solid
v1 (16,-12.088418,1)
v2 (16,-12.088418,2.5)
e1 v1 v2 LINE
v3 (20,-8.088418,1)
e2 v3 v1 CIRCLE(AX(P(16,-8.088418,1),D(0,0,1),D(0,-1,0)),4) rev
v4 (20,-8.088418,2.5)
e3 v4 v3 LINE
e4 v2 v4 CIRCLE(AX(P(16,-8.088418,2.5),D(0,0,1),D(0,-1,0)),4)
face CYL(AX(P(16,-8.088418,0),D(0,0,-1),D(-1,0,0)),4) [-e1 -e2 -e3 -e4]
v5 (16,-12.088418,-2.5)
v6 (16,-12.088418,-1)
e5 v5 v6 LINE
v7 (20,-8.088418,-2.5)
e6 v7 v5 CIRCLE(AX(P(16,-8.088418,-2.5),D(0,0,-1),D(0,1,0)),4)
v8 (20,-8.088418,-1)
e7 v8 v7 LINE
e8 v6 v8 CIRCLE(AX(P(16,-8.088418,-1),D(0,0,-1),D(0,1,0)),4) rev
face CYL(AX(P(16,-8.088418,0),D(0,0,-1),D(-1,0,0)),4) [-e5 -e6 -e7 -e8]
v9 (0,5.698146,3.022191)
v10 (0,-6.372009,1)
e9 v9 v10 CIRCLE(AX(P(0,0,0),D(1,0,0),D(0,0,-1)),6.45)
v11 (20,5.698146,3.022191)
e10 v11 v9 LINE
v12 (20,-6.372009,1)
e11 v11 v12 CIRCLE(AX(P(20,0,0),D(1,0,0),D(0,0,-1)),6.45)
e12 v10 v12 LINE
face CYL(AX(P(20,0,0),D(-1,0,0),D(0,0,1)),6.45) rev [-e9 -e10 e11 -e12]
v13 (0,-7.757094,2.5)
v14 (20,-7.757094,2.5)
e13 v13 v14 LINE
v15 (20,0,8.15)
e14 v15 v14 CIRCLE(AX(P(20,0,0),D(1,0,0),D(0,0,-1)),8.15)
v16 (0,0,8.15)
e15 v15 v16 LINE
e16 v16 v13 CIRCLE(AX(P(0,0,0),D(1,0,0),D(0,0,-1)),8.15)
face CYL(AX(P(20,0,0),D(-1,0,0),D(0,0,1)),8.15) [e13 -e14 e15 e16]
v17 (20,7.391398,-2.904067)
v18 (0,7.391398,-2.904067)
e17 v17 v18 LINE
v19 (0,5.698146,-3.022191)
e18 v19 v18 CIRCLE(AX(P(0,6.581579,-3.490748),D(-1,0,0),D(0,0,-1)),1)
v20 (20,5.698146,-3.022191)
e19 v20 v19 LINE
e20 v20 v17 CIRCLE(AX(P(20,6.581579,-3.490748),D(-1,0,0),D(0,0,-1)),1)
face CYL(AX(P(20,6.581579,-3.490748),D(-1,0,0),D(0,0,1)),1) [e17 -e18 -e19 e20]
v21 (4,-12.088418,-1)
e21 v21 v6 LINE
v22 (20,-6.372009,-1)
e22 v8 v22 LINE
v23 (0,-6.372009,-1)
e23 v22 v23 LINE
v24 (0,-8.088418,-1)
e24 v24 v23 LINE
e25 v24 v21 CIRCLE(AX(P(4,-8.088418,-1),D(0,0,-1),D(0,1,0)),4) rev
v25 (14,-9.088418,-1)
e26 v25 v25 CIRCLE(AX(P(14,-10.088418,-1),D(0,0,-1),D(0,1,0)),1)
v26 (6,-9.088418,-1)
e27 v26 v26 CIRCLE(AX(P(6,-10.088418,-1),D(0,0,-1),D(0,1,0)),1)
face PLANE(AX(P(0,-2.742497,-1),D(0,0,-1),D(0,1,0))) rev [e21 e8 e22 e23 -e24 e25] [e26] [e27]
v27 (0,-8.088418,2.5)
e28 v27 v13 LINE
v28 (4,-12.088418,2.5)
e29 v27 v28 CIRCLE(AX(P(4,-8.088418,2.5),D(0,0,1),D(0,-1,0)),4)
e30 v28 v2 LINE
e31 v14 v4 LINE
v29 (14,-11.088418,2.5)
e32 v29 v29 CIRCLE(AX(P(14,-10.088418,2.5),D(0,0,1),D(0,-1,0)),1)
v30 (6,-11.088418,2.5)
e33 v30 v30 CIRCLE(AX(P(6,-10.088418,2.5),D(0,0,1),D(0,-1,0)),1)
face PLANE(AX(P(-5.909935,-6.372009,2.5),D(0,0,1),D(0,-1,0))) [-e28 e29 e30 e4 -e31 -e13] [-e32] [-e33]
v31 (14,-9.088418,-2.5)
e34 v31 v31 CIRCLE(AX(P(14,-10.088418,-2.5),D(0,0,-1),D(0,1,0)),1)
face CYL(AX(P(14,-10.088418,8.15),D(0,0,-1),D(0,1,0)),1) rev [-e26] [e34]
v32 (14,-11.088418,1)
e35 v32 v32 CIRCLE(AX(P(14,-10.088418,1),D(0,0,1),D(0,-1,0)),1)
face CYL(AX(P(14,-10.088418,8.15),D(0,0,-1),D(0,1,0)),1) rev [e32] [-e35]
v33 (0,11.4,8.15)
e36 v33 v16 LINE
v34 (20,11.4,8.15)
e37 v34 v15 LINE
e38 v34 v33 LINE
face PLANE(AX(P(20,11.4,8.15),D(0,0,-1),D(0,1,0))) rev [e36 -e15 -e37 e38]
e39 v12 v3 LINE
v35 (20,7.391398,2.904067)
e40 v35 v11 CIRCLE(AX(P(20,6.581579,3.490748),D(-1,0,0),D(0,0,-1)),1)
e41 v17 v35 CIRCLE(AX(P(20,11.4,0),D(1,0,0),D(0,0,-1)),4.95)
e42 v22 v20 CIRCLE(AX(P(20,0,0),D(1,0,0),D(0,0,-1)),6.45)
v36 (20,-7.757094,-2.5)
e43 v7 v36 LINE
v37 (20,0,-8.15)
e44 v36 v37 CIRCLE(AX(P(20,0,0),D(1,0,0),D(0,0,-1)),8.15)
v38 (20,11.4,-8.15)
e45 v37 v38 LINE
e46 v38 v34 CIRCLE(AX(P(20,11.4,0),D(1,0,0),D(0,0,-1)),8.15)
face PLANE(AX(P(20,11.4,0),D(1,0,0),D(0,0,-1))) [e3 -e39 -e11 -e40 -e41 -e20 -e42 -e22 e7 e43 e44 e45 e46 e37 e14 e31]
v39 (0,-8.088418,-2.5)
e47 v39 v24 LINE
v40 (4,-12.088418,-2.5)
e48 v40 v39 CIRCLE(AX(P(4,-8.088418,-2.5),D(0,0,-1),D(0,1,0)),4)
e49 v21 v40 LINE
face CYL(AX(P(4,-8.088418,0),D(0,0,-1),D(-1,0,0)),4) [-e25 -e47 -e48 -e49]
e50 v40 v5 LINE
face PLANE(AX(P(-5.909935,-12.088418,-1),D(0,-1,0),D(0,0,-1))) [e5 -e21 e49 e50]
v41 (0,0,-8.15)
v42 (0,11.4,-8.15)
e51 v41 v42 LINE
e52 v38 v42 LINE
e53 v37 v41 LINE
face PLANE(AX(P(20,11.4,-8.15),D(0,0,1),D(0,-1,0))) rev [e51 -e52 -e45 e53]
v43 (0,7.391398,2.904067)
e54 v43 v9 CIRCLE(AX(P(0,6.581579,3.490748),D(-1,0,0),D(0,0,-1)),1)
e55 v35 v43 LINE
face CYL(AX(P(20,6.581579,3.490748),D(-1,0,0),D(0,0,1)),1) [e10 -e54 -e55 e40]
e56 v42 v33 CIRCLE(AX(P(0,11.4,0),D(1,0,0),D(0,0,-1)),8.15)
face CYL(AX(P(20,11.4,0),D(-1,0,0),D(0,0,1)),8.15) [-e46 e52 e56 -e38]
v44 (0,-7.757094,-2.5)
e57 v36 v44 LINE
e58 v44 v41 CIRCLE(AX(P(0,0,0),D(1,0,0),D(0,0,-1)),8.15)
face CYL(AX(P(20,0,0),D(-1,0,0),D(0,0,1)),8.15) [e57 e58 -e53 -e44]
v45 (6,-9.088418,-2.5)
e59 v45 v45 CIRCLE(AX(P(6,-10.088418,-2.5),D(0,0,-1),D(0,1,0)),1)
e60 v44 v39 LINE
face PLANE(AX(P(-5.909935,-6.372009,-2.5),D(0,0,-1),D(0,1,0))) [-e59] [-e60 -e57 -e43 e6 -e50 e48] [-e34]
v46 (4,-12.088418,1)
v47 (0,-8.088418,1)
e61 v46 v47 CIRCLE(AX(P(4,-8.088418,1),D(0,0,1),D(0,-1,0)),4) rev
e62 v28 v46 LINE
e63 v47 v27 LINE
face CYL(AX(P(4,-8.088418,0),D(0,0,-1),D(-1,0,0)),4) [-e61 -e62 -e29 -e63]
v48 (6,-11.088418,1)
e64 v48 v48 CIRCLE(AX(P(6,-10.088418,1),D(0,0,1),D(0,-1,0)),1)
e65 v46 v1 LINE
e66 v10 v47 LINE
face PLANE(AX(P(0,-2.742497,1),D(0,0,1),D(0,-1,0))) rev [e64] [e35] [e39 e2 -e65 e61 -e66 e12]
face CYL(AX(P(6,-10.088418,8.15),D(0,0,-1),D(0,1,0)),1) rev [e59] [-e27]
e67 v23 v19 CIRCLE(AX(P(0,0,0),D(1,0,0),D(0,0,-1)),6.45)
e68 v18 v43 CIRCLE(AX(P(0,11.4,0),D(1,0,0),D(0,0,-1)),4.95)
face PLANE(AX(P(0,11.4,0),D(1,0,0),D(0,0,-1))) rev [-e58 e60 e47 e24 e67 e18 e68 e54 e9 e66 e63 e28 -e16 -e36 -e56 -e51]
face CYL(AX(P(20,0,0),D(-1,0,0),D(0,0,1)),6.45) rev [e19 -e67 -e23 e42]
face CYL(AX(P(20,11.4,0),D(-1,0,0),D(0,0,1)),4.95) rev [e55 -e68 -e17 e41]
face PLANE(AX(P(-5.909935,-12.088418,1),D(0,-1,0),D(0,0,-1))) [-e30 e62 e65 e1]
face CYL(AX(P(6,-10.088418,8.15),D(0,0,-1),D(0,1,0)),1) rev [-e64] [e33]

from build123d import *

# Parameters (mm, degrees)
BOSS_EXTRUDE2_DEPTH = 20
SKETCH2_W           = 2
SKETCH2_H           = 9.242730417
CUT_EXTRUDE1_DEPTH  = 20
SKETCH3_W           = 1.5
SKETCH3_H           = 5.716408543
BOSS_EXTRUDE3_DEPTH = 20
SKETCH4_R           = 1
CUT_EXTRUDE2_DEPTH  = 11.65
FILLET1_R           = 4


with BuildPart() as part:
    # Sketch1 → Boss-Extrude2 (new body)
    with BuildSketch(Plane(origin=(0, 0, 0), x_dir=(0, 0, -1), z_dir=(1, 0, 0))):
        with BuildLine():
            Line((8.15, 11.4), (8.15, 0))
            ThreePointArc((8.15, 0), (0, -8.15), (-8.15, 0))
            Line((-8.15, 0), (-8.15, 11.4))
            ThreePointArc((-8.15, 11.4), (0, 19.55), (8.15, 11.4))
        make_face()
        with BuildLine():
            ThreePointArc((2.904067302, 7.391397612), (0, 16.35), (-2.904067302, 7.391397612))
            ThreePointArc((-2.904067302, 7.391397612), (-2.493172041, 6.511986737), (-3.022190844, 5.698145532))
            ThreePointArc((-3.022190844, 5.698145532), (0, -6.45), (3.022190844, 5.698145532))
            ThreePointArc((3.022190844, 5.698145532), (2.493172041, 6.511986737), (2.904067302, 7.391397612))
        make_face(mode=Mode.SUBTRACT)
    extrude(amount=BOSS_EXTRUDE2_DEPTH)

    # Sketch2 → Cut-Extrude1 (cut)
    with BuildSketch(Plane(origin=(20, 0, 0), x_dir=(0, 0, -1), z_dir=(1, 0, 0))):
        with Locations((0, -7.363862564)):
            Rectangle(SKETCH2_W, SKETCH2_H)
    extrude(amount=-CUT_EXTRUDE1_DEPTH, mode=Mode.SUBTRACT)

    # Sketch3 → Boss-Extrude3 (add)
    with BuildSketch(Plane(origin=(20, 0, 0), x_dir=(0, 0, -1), z_dir=(1, 0, 0))):
        with Locations((-1.75, -9.230213374)):
            Rectangle(SKETCH3_W, SKETCH3_H)
        with Locations((1.75, -9.230213374)):
            Rectangle(SKETCH3_W, SKETCH3_H)
    extrude(amount=-BOSS_EXTRUDE3_DEPTH)

    # Sketch4 → Cut-Extrude2 (cut, through all)
    with BuildSketch(Plane(origin=(0, 0, -2.5), x_dir=(-1, 0, 0), z_dir=(0, 0, -1))):
        with Locations((-14, -10.088417645)):
            Circle(SKETCH4_R)
        with Locations((-6, -10.088417645)):
            Circle(SKETCH4_R)
    extrude(amount=-CUT_EXTRUDE2_DEPTH, mode=Mode.SUBTRACT)

    # Fillet1
    fillet1_edges = [part.edges().sort_by_distance(p)[0] for p in [
        (20, -12.088417645, 1.75),
        (0, -12.088417645, 1.75),
        (20, -12.088417645, -1.75),
        (0, -12.088417645, -1.75),
    ]]
    fillet(fillet1_edges, radius=FILLET1_R)


solid = part.part
